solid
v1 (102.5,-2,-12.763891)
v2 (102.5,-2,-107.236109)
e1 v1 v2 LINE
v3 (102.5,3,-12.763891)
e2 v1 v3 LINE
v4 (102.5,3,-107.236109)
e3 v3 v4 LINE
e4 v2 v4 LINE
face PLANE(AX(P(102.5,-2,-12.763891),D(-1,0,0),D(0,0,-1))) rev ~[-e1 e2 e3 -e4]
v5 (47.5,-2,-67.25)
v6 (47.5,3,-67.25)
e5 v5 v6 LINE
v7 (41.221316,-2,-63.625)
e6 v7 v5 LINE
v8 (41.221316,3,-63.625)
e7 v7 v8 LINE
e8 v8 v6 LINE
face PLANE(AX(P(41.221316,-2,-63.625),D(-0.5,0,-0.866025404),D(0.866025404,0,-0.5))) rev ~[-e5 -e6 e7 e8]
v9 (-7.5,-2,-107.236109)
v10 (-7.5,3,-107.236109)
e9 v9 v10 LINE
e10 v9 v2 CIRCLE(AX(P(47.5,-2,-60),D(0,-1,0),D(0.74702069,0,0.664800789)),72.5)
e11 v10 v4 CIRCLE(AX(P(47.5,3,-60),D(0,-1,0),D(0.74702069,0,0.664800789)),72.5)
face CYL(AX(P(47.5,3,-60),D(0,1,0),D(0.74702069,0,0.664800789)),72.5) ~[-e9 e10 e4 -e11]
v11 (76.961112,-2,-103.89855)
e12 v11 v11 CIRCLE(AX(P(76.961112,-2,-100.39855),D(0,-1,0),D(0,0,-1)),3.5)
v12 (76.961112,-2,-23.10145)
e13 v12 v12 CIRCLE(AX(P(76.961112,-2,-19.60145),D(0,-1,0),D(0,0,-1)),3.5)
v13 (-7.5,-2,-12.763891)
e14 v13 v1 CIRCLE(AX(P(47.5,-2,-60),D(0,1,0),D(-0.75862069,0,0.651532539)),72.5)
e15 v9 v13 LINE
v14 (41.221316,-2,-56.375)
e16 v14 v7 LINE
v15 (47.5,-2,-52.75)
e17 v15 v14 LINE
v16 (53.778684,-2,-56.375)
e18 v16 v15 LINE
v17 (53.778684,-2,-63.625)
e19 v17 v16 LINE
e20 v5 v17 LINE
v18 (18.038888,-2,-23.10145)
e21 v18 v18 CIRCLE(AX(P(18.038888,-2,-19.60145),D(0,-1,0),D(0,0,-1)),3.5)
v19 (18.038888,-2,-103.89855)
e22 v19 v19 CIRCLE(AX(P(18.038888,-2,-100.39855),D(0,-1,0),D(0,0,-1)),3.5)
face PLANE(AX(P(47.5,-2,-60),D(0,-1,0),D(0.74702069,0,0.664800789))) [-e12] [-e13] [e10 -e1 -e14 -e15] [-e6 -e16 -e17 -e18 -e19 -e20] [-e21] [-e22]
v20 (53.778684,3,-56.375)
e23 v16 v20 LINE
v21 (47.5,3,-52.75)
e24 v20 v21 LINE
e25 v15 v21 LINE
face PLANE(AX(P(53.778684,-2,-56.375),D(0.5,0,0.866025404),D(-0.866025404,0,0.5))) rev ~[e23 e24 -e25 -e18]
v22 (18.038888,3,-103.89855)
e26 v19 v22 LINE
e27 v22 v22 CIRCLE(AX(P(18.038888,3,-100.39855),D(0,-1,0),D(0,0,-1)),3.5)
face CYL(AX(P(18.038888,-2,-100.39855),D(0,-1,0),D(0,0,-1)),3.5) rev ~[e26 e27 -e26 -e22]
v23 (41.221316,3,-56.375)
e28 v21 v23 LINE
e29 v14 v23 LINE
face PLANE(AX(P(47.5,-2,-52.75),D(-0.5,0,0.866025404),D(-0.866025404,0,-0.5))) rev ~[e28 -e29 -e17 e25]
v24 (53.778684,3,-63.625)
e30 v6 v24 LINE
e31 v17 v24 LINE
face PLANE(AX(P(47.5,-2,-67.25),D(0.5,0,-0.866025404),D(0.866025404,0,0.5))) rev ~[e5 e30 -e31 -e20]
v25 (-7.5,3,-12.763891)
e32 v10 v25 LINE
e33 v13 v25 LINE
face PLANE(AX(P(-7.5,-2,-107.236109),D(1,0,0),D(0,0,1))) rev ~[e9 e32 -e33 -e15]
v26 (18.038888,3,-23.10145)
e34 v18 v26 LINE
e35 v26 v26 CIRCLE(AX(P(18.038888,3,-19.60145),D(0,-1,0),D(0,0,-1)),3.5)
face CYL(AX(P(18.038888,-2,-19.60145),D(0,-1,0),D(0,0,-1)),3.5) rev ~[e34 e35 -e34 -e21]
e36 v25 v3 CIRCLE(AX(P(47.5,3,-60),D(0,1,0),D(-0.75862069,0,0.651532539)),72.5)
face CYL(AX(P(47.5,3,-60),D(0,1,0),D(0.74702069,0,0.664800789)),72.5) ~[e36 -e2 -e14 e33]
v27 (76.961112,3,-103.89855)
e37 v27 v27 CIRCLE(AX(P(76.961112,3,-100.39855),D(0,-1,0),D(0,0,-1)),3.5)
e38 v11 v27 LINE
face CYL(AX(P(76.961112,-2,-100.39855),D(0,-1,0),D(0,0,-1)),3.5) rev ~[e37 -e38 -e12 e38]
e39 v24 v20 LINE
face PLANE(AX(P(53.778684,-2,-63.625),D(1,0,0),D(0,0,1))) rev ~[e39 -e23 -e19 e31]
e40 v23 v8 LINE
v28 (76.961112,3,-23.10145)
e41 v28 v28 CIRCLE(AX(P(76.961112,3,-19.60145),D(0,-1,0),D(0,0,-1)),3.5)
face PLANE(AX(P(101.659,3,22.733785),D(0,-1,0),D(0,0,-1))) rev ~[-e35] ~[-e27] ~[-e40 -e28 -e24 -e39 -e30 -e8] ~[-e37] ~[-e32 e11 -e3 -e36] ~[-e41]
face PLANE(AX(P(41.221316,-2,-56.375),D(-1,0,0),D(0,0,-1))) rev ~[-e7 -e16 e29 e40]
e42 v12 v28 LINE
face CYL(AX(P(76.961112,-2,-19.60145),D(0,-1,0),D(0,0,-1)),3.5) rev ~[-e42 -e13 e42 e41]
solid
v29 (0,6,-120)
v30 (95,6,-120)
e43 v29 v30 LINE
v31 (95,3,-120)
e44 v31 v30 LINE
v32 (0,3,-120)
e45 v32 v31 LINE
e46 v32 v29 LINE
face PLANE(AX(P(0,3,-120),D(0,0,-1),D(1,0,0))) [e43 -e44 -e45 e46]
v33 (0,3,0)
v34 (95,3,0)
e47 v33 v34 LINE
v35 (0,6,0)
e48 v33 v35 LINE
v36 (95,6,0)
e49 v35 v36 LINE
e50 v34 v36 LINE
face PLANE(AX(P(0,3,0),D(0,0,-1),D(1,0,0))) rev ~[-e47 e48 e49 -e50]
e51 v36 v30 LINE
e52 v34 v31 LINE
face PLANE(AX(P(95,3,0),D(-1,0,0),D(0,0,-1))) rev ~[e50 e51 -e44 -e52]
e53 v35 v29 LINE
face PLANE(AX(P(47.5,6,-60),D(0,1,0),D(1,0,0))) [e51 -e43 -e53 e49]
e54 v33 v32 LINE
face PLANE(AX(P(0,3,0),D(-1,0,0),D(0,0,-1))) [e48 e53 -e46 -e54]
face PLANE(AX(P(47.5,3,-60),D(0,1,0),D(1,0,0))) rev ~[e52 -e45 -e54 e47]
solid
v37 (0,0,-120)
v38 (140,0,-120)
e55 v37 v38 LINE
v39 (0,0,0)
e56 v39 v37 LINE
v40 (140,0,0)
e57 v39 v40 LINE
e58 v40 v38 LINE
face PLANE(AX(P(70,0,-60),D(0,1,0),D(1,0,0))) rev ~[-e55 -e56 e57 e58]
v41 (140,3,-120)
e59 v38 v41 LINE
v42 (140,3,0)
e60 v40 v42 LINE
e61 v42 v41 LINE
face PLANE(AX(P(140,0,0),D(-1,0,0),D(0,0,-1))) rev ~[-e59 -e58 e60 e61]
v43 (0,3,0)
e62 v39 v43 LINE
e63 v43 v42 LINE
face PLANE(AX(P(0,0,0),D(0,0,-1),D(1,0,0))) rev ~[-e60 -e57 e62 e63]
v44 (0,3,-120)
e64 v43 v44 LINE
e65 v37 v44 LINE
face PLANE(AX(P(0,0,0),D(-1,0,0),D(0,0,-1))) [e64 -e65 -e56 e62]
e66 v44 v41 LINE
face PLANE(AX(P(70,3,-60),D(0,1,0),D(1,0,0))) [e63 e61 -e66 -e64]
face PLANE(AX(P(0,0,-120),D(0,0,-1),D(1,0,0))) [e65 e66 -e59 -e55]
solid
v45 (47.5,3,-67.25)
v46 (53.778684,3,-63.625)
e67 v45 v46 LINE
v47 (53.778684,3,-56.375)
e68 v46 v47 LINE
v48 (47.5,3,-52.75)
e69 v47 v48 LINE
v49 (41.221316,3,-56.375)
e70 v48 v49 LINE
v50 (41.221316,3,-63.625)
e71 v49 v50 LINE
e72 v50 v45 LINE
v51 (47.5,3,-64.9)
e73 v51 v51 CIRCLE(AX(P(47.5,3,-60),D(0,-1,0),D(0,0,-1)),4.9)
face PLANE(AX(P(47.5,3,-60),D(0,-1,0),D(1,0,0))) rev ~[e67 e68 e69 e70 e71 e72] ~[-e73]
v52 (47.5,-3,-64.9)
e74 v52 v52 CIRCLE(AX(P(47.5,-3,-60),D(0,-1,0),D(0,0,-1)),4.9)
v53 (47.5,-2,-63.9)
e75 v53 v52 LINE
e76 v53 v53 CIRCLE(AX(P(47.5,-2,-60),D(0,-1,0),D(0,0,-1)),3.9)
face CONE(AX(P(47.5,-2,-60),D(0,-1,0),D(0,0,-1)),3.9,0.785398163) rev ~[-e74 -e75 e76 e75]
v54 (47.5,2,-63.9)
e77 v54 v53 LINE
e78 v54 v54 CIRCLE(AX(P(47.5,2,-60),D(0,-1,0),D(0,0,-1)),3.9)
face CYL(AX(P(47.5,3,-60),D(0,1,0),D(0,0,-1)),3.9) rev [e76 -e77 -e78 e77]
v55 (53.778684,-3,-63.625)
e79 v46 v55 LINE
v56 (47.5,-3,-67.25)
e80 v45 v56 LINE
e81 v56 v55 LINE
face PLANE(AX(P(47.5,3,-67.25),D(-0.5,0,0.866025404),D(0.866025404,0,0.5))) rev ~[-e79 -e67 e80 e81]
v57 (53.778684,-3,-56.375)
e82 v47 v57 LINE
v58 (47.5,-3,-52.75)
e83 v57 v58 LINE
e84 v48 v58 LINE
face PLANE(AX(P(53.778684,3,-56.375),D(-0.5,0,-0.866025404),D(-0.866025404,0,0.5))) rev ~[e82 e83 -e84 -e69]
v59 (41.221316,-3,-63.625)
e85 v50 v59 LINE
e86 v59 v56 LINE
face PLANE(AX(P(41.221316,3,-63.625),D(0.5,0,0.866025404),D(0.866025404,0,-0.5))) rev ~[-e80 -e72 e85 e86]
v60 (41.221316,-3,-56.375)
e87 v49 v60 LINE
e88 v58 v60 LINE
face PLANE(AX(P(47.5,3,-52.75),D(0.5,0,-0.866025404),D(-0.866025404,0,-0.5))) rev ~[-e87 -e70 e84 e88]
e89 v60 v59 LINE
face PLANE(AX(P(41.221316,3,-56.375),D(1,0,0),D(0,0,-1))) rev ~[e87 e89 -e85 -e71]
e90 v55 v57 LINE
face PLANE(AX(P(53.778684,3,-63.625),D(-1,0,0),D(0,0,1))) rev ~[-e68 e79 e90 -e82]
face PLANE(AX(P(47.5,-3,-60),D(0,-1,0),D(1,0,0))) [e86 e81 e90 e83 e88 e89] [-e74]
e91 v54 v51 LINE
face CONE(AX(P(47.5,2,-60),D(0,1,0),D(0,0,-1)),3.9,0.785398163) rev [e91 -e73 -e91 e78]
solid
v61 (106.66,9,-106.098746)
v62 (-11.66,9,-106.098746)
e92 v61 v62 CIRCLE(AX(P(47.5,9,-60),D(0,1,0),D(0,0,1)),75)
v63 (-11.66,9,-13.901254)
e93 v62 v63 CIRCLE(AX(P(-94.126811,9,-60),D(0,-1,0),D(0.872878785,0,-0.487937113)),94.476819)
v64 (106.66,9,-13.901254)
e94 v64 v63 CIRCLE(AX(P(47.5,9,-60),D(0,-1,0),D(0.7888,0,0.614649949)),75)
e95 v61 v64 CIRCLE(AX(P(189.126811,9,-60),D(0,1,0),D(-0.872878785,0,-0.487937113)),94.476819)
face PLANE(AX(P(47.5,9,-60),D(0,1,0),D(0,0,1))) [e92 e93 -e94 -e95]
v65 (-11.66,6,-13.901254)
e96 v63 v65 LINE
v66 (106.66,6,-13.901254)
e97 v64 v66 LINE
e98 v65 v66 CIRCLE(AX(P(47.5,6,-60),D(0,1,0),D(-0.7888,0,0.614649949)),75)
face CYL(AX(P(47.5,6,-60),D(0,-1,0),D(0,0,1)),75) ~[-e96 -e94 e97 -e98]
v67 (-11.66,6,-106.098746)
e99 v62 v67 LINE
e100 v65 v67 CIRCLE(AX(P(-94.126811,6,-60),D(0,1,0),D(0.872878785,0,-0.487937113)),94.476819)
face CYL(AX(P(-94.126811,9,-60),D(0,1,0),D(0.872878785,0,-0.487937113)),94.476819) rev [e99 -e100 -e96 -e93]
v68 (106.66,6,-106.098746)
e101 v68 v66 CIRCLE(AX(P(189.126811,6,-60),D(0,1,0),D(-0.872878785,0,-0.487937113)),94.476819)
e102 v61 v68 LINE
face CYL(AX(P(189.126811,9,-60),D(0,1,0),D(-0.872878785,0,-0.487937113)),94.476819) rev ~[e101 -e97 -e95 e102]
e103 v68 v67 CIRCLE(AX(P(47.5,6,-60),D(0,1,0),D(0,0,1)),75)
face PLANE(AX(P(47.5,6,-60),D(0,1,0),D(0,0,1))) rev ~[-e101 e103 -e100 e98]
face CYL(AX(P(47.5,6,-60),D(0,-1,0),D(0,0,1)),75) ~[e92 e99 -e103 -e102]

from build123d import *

# Parameters (mm, degrees)
SKETCH1_W                   = 140
SKETCH1_H                   = 120
COMPACT_DEPTH               = 3
SKETCH4_W                   = 95
SKETCH4_H                   = 120
SUPERCOMPACT_DEPTH          = 3
SKETCH7_R                   = 75
APPLE_BASE_DEPTH            = 3
SIDECUTS_DEPTH              = 195.694632694
APPLE_BASE_2_DEPTH          = 3
BOSS_EXTRUDE4_DEPTH         = 3
BASE_PLATE_FILLET_R         = 0.001
TOP_BOTTOM_EXTENSIONS_DEPTH = 3
SKETCH35_R                  = 1.25
SPACERHOLES_DEPTH           = 10
CUT_EXTRUDE4_DEPTH          = 10
SKETCH39_R                  = 72.5
SKETCH39_R_2                = 1.25
BOSS_EXTRUDE5_DEPTH         = 5
CUT_EXTRUDE5_DEPTH          = 150
SKETCH41_R                  = 8.4
CUT_EXTRUDE6_DEPTH          = 10
SKETCH45_R                  = 3.5
CUT_EXTRUDE8_DEPTH          = 12
SKETCH46_R                  = 3.5
CUT_EXTRUDE9_DEPTH          = 10
SKETCH47_R                  = 3.321159562
SKETCH47_R_2                = 3.023678144
SKETCH47_R_3                = 2.802634086
SKETCH47_R_4                = 2.486557649
BOSS_EXTRUDE6_DEPTH         = 5
SKETCH48_R                  = 12.079747328
BOSS_EXTRUDE7_DEPTH         = 5
CUT_EXTRUDE10_DEPTH         = 5
CUT_EXTRUDE11_DEPTH         = 10
BOSS_EXTRUDE9_DEPTH         = 1
BOSS_EXTRUDE9_DEPTH_BACK    = 5
SKETCH52_R                  = 3.9
CHAMFER1_SIZE               = 1
CHAMFER2_SIZE               = 1


with BuildPart() as part:
    # Sketch1 → Compact (new body)
    with BuildSketch(Plane(origin=(0, 0, 0), x_dir=(1, 0, 0), z_dir=(0, 1, 0))):
        with Locations((70, 60)):
            Rectangle(SKETCH1_W, SKETCH1_H)
    extrude(amount=COMPACT_DEPTH)


with BuildPart() as body_2:
    # Sketch4 → SuperCompact (new body)
    with BuildSketch(Plane(origin=(0, 3, 0), x_dir=(1, 0, 0), z_dir=(0, 1, 0))):
        with Locations((47.5, 60)):
            Rectangle(SKETCH4_W, SKETCH4_H)
    extrude(amount=SUPERCOMPACT_DEPTH)


with BuildPart() as body_3:
    # Sketch7 → Apple Base (new body)
    with BuildSketch(Plane(origin=(0, 6, 0), x_dir=(1, 0, 0), z_dir=(0, 1, 0))):
        with Locations(Location((47.5, 60, 0), (0, 0, 270))):
            Circle(SKETCH7_R)
    extrude(amount=APPLE_BASE_DEPTH)

    # Sketch8 → SideCuts (cut, through all)
    with BuildSketch(Plane(origin=(0, 9, 0), x_dir=(1, 0, 0), z_dir=(0, 1, 0))):
        with BuildLine():
            ThreePointArc((-11.66, 106.098746187), (0.350007958, 60), (-11.66, 13.901253813))
            ThreePointArc((-11.66, 13.901253813), (-27.5, 60), (-11.66, 106.098746187))
        make_face()
        with BuildLine():
            ThreePointArc((106.66, 106.098746187), (94.649992042, 60), (106.66, 13.901253813))
            ThreePointArc((106.66, 13.901253813), (122.5, 60), (106.66, 106.098746187))
        make_face()
    extrude(amount=-SIDECUTS_DEPTH, mode=Mode.SUBTRACT)


with BuildPart() as body_4:
    # Sketch9 → Apple_Base 2 (new body)
    with BuildSketch(Plane.XZ.offset(-6)):
        with BuildLine():
            ThreePointArc((106.66, -13.901253813), (47.5, 15), (-11.66, -13.901253813))
            ThreePointArc((-11.66, -13.901253813), (0.350007958, -60), (-11.66, -106.098746187))
            ThreePointArc((-11.66, -106.098746187), (47.5, -135), (106.66, -106.098746187))
            ThreePointArc((106.66, -106.098746187), (94.649992042, -60), (106.66, -13.901253813))
        make_face()
    extrude(amount=APPLE_BASE_2_DEPTH)

    # Sketch10 → Boss-Extrude4 (add)
    with BuildSketch(Plane(origin=(0, 6, 0), x_dir=(1, 0, 0), z_dir=(0, 1, 0))):
        with BuildLine():
            Line((-11.66, 106.098746187), (-11.66, 13.901253813))
            ThreePointArc((-11.66, 13.901253813), (0.350007958, 60), (-11.66, 106.098746187))
        make_face()
        with BuildLine():
            Line((106.66, 106.098746187), (106.66, 13.901253813))
            ThreePointArc((106.66, 13.901253813), (94.649992042, 60), (106.66, 106.098746187))
        make_face()
    extrude(amount=-BOSS_EXTRUDE4_DEPTH)

    # Base_Plate_Fillet
    base_plate_fillet_edges = [body_4.edges().sort_by_distance(p)[0] for p in [
        (-11.66, 3, -60),
        (-11.66, 6, -60),
        (47.5, 3, -135),
        (106.66, 3, -60),
        (106.66, 6, -60),
        (47.5, 6, -135),
        (47.5, 6, 15),
        (106.66, 4.5, -106.098746187),
        (-11.66, 4.5, -106.098746187),
        (-11.66, 4.5, -13.901253813),
        (106.66, 4.5, -13.901253813),
        (47.5, 3, 15),
    ]]
    fillet(base_plate_fillet_edges, radius=BASE_PLATE_FILLET_R)

    # Sketch25 → Top Bottom extensions (add)
    with BuildSketch(Plane(origin=(0, 6, 0), x_dir=(1, 0, 0), z_dir=(0, 1, 0))):
        with BuildLine():
            Line((-11.659005821, 106.097402592), (-11.659005821, 111.097402592))
            ThreePointArc((-11.659005821, 111.097402592), (47.5, 138.794628322), (106.659005821, 111.097402592))
            Line((106.659005821, 111.097402592), (106.659005821, 106.097402592))
            ThreePointArc((106.659005821, 106.097402592), (47.5, 133.794628322), (-11.659005821, 106.097402592))
        make_face()
        with BuildLine():
            Line((106.659005821, 13.902597408), (106.659005821, 8.902597408))
            ThreePointArc((106.659005821, 8.902597408), (47.5, -18.794628322), (-11.659005821, 8.902597408))
            Line((-11.659005821, 8.902597408), (-11.659005821, 13.902597408))
            ThreePointArc((-11.659005821, 13.902597408), (47.5, -13.794628322), (106.659005821, 13.902597408))
        make_face()
    extrude(amount=-TOP_BOTTOM_EXTENSIONS_DEPTH)

    # Sketch35 → SpacerHoles (cut)
    with BuildSketch(Plane.XZ.offset(-3)):
        with Locations(Location((7.5, -5.15, 0), (0, 0, 270))):
            Circle(SKETCH35_R)
        with Locations(Location((87.5, -5.15, 0), (0, 0, 270))):
            Circle(SKETCH35_R)
        with Locations(Location((87.5, -114.85, 0), (0, 0, 270))):
            Circle(SKETCH35_R)
        with Locations(Location((7.5, -114.85, 0), (0, 0, 270))):
            Circle(SKETCH35_R)
    extrude(amount=-SPACERHOLES_DEPTH, mode=Mode.SUBTRACT)

    # Sketch38 → Cut-Extrude4 (cut)
    with BuildSketch(Plane.XZ.offset(-3)):
        Polygon((47.5, 37.050137759), (120.372278362, 37.050137759), (120.372278362, -158.601845129), (-29.177494987, -158.601845129), (-29.177494987, 37.050137759), align=None)
        Polygon((-6.659, -60), (-6.659, 24.702355976), (101.659, 24.702355976), (101.659, -143.843523469), (-6.659, -143.843523469), align=None, mode=Mode.SUBTRACT)
    extrude(amount=-CUT_EXTRUDE4_DEPTH, mode=Mode.SUBTRACT)

    # Sketch39 → Boss-Extrude5 (add)
    with BuildSketch(Plane.XZ.offset(-3)):
        with Locations(Location((47.5, -60, 0), (0, 0, 41.667044295))):
            Circle(SKETCH39_R)
        with Locations(Location((87.5, -5.15, 0), (0, 0, 270))):
            Circle(SKETCH39_R_2, mode=Mode.SUBTRACT)
        with Locations(Location((7.5, -5.15, 0), (0, 0, 270))):
            Circle(SKETCH39_R_2, mode=Mode.SUBTRACT)
        with Locations(Location((7.5, -114.85, 0), (0, 0, 270))):
            Circle(SKETCH39_R_2, mode=Mode.SUBTRACT)
        with Locations(Location((87.5, -114.85, 0), (0, 0, 270))):
            Circle(SKETCH39_R_2, mode=Mode.SUBTRACT)
    extrude(amount=BOSS_EXTRUDE5_DEPTH)

    # Sketch40 → Cut-Extrude5 (cut)
    with BuildSketch(Plane(origin=(101.659, 0, 0), x_dir=(0, 0, -1), z_dir=(1, 0, 0))):
        Polygon((3.460058054, 3), (-22.733784582, 3), (-22.733784582, 8.214035789), (147.50303534, 8.214035789), (147.50303534, 3), align=None)
    extrude(amount=-CUT_EXTRUDE5_DEPTH, mode=Mode.SUBTRACT)

    # Sketch41 → Cut-Extrude6 (cut)
    with BuildSketch(Plane(origin=(0, 3, 0), x_dir=(1, 0, 0), z_dir=(0, 1, 0))):
        with Locations(Location((47.5, 60, 0), (0, 0, 270))):
            Circle(SKETCH41_R)
    extrude(amount=-CUT_EXTRUDE6_DEPTH, mode=Mode.SUBTRACT)

    # Sketch45 → Cut-Extrude8 (cut)
    with BuildSketch(Plane.XZ.offset(2)):
        with Locations(Location((76.961112303, -100.398550245, 0), (0, 0, 270))):
            Circle(SKETCH45_R)
        with Locations(Location((18.038887697, -100.398550245, 0), (0, 0, 270))):
            Circle(SKETCH45_R)
        with Locations(Location((18.038887697, -19.601449755, 0), (0, 0, 270))):
            Circle(SKETCH45_R)
    extrude(amount=-CUT_EXTRUDE8_DEPTH, mode=Mode.SUBTRACT)

    # Sketch46 → Cut-Extrude9 (cut)
    with BuildSketch(Plane.XZ.offset(2)):
        with Locations(Location((76.961112303, -19.601449755, 0), (0, 0, 270))):
            Circle(SKETCH46_R)
    extrude(amount=-CUT_EXTRUDE9_DEPTH, mode=Mode.SUBTRACT)

    # Sketch47 → Boss-Extrude6 (add)
    with BuildSketch(Plane.XZ.offset(2)):
        with Locations((7.5, -5.15)):
            Circle(SKETCH47_R)
        with Locations((87.5, -5.15)):
            Circle(SKETCH47_R_2)
        with Locations((87.5, -114.85)):
            Circle(SKETCH47_R_3)
        with Locations((7.5, -114.85)):
            Circle(SKETCH47_R_4)
    extrude(amount=-BOSS_EXTRUDE6_DEPTH)

    # Sketch48 → Boss-Extrude7 (add)
    with BuildSketch(Plane.XZ.offset(2)):
        with Locations((47.5, -60)):
            Circle(SKETCH48_R)
    extrude(amount=-BOSS_EXTRUDE7_DEPTH)

    # Sketch49 → Cut-Extrude10 (cut)
    with BuildSketch(Plane.XZ.offset(2)):
        Polygon((47.5, -52.75), (41.221315823, -56.375), (41.221315823, -63.625), (47.5, -67.25), (53.778684177, -63.625), (53.778684177, -56.375), align=None)
    extrude(amount=-CUT_EXTRUDE10_DEPTH, mode=Mode.SUBTRACT)

    # Sketch51 → Cut-Extrude11 (cut)
    with BuildSketch(Plane.XZ.offset(2)):
        with BuildLine():
            Line((-7.5, -107.236109069), (-7.5, -60))
            Line((-7.5, -60), (-7.5, -12.763890931))
            ThreePointArc((-7.5, -12.763890931), (-25, -60), (-7.5, -107.236109069))
        make_face()
        with BuildLine():
            Line((102.5, -12.763890931), (102.5, -60))
            Line((102.5, -60), (102.5, -107.236109069))
            ThreePointArc((102.5, -107.236109069), (115.484373204, -85.1868021), (120, -60))
            ThreePointArc((120, -60), (115.484373204, -34.8131979), (102.5, -12.763890931))
        make_face()
    extrude(amount=-CUT_EXTRUDE11_DEPTH, mode=Mode.SUBTRACT)


with BuildPart() as body_5:
    # Sketch52 → Boss-Extrude9 (new, two sides: drawn at the far end of the back side and taken through both)
    with BuildSketch(Plane.XZ.offset(2).offset(-BOSS_EXTRUDE9_DEPTH_BACK)):
        Polygon((53.778684177, -56.375), (47.5, -52.75), (41.221315823, -56.375), (41.221315823, -63.625), (47.5, -67.25), (53.778684177, -63.625), align=None)
        with Locations(Location((47.5, -60, 0), (0, 0, 270))):
            Circle(SKETCH52_R, mode=Mode.SUBTRACT)
    extrude(amount=BOSS_EXTRUDE9_DEPTH + BOSS_EXTRUDE9_DEPTH_BACK)

    # Chamfer1
    chamfer1_edges = [body_5.edges().sort_by_distance(p)[0] for p in [
        (47.5, -3, -56.1),
    ]]
    chamfer(chamfer1_edges, length=CHAMFER1_SIZE)

    # Chamfer2
    chamfer2_edges = [body_5.edges().sort_by_distance(p)[0] for p in [
        (47.5, 3, -56.1),
    ]]
    chamfer(chamfer2_edges, length=CHAMFER2_SIZE)


solid = Compound([part.part, body_2.part, body_3.part, body_4.part, body_5.part])
